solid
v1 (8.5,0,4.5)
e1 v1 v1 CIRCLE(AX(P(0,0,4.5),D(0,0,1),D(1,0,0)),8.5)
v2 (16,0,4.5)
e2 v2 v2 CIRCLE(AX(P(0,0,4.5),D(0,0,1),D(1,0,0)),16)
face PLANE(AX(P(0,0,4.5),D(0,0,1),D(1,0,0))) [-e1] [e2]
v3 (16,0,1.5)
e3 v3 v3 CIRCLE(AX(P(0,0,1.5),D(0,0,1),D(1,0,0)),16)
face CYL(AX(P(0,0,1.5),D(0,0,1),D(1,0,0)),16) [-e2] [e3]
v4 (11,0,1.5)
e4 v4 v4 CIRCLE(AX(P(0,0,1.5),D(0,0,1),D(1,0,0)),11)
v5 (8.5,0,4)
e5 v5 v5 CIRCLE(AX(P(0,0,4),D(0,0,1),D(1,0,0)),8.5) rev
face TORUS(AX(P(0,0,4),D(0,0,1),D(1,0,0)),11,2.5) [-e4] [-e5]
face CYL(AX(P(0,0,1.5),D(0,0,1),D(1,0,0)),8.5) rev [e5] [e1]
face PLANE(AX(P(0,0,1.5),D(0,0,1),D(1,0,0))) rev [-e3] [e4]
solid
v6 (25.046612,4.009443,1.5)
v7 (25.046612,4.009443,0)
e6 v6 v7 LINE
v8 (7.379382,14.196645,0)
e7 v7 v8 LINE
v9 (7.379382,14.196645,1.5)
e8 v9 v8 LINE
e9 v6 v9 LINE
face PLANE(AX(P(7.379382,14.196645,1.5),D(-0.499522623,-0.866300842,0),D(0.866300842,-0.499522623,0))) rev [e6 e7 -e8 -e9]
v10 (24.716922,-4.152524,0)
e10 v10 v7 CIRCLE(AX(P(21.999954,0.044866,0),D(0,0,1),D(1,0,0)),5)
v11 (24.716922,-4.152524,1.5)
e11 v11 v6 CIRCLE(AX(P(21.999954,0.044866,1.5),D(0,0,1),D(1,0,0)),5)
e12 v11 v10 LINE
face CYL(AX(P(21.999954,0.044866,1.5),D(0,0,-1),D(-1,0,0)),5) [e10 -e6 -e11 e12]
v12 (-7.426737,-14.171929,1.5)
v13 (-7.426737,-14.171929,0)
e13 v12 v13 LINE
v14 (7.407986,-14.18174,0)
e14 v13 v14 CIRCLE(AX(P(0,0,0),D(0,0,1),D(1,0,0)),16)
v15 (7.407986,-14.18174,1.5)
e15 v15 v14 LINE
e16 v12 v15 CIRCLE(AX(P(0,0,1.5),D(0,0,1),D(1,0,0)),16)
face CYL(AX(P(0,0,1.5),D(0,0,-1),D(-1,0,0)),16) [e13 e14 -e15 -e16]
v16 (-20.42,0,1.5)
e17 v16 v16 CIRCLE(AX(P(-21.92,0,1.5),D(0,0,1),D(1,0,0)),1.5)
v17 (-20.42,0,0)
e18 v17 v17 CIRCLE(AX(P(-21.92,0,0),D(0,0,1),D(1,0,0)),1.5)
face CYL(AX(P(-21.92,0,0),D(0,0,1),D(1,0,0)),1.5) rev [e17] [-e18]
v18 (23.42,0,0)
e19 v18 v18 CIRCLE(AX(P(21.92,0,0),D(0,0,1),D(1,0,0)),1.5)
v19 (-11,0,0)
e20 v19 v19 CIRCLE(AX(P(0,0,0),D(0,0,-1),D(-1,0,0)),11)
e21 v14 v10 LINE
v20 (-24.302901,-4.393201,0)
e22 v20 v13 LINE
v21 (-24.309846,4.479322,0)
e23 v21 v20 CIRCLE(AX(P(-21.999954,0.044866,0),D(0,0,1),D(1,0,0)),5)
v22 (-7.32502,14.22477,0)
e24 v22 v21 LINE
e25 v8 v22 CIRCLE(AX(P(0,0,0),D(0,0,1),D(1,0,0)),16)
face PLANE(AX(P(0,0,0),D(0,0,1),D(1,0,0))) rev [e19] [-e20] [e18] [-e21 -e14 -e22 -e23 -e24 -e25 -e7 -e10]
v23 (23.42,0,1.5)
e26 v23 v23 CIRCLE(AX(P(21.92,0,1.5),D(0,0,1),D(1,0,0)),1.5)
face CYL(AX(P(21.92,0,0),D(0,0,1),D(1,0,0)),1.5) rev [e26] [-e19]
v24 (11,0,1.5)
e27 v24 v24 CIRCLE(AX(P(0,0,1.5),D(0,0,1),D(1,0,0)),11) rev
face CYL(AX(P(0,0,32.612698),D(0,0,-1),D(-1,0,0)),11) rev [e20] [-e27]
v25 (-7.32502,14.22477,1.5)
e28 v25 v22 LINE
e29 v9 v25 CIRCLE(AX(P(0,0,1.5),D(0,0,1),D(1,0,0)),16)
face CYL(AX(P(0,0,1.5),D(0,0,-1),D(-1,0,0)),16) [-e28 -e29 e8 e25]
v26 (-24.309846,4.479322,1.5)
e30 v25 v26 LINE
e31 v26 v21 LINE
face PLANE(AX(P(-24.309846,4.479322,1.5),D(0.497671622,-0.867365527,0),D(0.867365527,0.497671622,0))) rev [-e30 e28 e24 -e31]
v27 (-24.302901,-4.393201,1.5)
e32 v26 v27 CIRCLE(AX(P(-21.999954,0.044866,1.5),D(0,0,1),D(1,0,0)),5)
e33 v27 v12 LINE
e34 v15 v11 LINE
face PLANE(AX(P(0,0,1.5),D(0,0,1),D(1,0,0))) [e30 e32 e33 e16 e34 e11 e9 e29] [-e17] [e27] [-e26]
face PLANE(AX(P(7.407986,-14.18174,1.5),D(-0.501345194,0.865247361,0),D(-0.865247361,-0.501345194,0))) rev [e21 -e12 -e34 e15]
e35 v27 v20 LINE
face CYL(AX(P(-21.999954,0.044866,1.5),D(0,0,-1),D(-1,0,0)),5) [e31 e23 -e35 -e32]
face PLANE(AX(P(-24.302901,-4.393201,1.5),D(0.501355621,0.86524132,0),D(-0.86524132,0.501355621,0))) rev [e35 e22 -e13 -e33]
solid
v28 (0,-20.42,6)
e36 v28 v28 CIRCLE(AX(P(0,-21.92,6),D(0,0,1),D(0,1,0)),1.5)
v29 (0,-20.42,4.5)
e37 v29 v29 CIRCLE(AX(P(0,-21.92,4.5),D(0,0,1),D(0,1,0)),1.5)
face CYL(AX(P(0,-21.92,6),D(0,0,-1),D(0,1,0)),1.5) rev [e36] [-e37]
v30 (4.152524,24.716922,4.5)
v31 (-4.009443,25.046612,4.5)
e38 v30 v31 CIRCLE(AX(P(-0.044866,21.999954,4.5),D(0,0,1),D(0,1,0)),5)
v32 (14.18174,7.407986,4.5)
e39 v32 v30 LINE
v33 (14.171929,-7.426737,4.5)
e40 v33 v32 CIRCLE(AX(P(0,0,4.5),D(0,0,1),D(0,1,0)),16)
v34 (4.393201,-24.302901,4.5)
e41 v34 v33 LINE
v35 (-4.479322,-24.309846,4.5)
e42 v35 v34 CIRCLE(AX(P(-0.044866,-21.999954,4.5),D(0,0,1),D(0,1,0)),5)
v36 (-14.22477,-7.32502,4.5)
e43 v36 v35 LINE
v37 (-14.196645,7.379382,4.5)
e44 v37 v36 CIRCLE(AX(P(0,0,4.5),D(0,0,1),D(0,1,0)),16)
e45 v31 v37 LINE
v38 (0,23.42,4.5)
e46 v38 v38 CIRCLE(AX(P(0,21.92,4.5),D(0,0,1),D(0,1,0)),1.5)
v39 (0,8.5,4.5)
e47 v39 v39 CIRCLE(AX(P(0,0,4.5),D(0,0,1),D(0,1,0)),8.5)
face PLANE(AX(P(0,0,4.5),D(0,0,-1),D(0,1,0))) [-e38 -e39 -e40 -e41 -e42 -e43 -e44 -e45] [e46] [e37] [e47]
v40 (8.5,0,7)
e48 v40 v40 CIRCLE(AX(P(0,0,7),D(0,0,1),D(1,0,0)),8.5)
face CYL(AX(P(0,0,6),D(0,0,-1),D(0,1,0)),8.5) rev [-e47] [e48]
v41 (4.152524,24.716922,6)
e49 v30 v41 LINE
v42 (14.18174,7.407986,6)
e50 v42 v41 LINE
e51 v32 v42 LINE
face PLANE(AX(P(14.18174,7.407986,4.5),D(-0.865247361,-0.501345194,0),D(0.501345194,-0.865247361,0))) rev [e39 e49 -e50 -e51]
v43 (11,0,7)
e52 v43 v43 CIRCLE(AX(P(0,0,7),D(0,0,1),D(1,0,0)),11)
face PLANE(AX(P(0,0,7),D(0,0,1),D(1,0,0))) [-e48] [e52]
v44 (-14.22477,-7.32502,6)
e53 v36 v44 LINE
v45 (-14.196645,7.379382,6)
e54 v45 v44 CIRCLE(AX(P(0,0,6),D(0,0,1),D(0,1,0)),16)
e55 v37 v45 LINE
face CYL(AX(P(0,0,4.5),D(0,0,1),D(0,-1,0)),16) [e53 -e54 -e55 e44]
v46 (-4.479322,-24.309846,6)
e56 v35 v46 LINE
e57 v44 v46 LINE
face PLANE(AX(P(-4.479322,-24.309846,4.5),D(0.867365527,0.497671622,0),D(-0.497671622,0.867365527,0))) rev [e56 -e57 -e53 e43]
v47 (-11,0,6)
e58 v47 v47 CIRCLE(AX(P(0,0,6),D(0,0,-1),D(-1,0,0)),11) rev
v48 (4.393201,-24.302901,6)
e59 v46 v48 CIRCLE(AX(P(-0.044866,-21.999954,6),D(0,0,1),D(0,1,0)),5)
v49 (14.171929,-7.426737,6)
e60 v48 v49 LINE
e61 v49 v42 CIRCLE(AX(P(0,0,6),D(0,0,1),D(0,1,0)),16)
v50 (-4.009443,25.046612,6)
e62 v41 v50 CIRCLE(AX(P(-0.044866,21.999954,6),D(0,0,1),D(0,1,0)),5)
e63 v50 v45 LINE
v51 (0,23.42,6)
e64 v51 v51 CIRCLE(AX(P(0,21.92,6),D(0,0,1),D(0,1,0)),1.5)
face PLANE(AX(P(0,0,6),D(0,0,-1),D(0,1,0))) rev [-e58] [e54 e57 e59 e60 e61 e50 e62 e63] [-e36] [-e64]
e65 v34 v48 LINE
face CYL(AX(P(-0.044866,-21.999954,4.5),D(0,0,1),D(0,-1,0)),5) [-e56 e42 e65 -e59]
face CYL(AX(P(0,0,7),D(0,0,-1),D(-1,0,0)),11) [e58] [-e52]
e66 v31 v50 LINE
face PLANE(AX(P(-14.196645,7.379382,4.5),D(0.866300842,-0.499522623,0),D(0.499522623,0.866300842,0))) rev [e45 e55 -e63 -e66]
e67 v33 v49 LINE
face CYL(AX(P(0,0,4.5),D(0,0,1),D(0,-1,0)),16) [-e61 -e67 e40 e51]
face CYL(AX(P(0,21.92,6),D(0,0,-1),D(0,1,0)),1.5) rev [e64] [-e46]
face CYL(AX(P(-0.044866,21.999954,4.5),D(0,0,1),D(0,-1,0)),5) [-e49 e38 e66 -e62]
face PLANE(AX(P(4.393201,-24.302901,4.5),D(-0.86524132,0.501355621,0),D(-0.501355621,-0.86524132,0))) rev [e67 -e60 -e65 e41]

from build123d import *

# Parameters (mm, degrees)
BOSS_EXTRUDE1_DEPTH      = 1.5
SKETCH2_R                = 1.5
SKETCH2_R_2              = 8.5
CUT_EXTRUDE1_DEPTH       = 32.420495375
BODY_MOVE_COPY1_ANGLE    = 90
BOSS_EXTRUDE2_DEPTH      = 1.5
BOSS_EXTRUDE2_DEPTH_BACK = 1.5
SKETCH3_R                = 16
SKETCH3_R_2              = 8.5
SKETCH4_R                = 11
CUT_EXTRUDE2_DEPTH       = 1.5
FILLET1_R                = 2.5
SKETCH6_R                = 11
SKETCH6_R_2              = 8.5
BOSS_EXTRUDE4_DEPTH      = 1


with BuildPart() as part:
    # Sketch1 → Boss-Extrude1 (new body)
    with BuildSketch(Plane.XY):
        with BuildLine():
            Line((7.379381976, 14.196644732), (25.046611975, 4.009443432))
            ThreePointArc((25.046611975, 4.009443432), (26.995880172, -0.156936678), (24.716922459, -4.152524428))
            Line((24.716922459, -4.152524428), (7.407985651, -14.181739971))
            ThreePointArc((7.407985651, -14.181739971), (-0.010581597, -15.999996501), (-7.426737349, -14.171929027))
            Line((-7.426737349, -14.171929027), (-24.302900872, -4.393201109))
            ThreePointArc((-24.302900872, -4.393201109), (-26.99995272, 0.040951738), (-24.309846191, 4.479321596))
            Line((-24.309846191, 4.479321596), (-7.325019927, 14.224770053))
            ThreePointArc((-7.325019927, 14.224770053), (0.030603374, 15.999970732), (7.379381976, 14.196644732))
        make_face()
    extrude(amount=BOSS_EXTRUDE1_DEPTH)

    # Sketch2 → Cut-Extrude1 (cut, through all)
    with BuildSketch(Plane.XY.offset(1.5)):
        with Locations((-21.92, 0)):
            Circle(SKETCH2_R)
        with Locations((21.92, 0)):
            Circle(SKETCH2_R)
        Circle(SKETCH2_R_2)
    extrude(amount=-CUT_EXTRUDE1_DEPTH, mode=Mode.SUBTRACT)


with BuildPart() as body_2:
    # Mirror2: mirrored copy
    add(part.part.mirror(Plane.XY.offset(3)))


with BuildPart() as body_2_1:
    # Body-Move/Copy1: moved
    add(body_2.part.rotate(Axis((0, 0, 0), (0, 0, 1)), BODY_MOVE_COPY1_ANGLE))

    # Sketch6 → Boss-Extrude4 (add)
    with BuildSketch(Plane.XY.offset(6)):
        with Locations(Location((0, 0, 0), (0, 0, 180))):
            Circle(SKETCH6_R)
        Circle(SKETCH6_R_2, mode=Mode.SUBTRACT)
    extrude(amount=BOSS_EXTRUDE4_DEPTH)


with BuildPart() as body_3:
    # Sketch3 → Boss-Extrude2 (new, two sides: drawn at the far end of the back side and taken through both)
    with BuildSketch(Plane.XY.offset(3).offset(-BOSS_EXTRUDE2_DEPTH_BACK)):
        Circle(SKETCH3_R)
        Circle(SKETCH3_R_2, mode=Mode.SUBTRACT)
    extrude(amount=BOSS_EXTRUDE2_DEPTH + BOSS_EXTRUDE2_DEPTH_BACK)

    # Fillet1
    fillet1_edges = [body_3.edges().sort_by_distance(p)[0] for p in [
        (-8.5, 0, 1.5),
    ]]
    fillet(fillet1_edges, radius=FILLET1_R)


with BuildPart() as part_1:
    add(part.part)

    # Sketch4 → Cut-Extrude2 (cut)
    with BuildSketch(Plane(origin=(0, 0, 0), x_dir=(-1, 0, 0), z_dir=(0, 0, -1))):
        Circle(SKETCH4_R)
    extrude(amount=-CUT_EXTRUDE2_DEPTH, mode=Mode.SUBTRACT)


solid = Compound([body_2_1.part, body_3.part, part_1.part])
